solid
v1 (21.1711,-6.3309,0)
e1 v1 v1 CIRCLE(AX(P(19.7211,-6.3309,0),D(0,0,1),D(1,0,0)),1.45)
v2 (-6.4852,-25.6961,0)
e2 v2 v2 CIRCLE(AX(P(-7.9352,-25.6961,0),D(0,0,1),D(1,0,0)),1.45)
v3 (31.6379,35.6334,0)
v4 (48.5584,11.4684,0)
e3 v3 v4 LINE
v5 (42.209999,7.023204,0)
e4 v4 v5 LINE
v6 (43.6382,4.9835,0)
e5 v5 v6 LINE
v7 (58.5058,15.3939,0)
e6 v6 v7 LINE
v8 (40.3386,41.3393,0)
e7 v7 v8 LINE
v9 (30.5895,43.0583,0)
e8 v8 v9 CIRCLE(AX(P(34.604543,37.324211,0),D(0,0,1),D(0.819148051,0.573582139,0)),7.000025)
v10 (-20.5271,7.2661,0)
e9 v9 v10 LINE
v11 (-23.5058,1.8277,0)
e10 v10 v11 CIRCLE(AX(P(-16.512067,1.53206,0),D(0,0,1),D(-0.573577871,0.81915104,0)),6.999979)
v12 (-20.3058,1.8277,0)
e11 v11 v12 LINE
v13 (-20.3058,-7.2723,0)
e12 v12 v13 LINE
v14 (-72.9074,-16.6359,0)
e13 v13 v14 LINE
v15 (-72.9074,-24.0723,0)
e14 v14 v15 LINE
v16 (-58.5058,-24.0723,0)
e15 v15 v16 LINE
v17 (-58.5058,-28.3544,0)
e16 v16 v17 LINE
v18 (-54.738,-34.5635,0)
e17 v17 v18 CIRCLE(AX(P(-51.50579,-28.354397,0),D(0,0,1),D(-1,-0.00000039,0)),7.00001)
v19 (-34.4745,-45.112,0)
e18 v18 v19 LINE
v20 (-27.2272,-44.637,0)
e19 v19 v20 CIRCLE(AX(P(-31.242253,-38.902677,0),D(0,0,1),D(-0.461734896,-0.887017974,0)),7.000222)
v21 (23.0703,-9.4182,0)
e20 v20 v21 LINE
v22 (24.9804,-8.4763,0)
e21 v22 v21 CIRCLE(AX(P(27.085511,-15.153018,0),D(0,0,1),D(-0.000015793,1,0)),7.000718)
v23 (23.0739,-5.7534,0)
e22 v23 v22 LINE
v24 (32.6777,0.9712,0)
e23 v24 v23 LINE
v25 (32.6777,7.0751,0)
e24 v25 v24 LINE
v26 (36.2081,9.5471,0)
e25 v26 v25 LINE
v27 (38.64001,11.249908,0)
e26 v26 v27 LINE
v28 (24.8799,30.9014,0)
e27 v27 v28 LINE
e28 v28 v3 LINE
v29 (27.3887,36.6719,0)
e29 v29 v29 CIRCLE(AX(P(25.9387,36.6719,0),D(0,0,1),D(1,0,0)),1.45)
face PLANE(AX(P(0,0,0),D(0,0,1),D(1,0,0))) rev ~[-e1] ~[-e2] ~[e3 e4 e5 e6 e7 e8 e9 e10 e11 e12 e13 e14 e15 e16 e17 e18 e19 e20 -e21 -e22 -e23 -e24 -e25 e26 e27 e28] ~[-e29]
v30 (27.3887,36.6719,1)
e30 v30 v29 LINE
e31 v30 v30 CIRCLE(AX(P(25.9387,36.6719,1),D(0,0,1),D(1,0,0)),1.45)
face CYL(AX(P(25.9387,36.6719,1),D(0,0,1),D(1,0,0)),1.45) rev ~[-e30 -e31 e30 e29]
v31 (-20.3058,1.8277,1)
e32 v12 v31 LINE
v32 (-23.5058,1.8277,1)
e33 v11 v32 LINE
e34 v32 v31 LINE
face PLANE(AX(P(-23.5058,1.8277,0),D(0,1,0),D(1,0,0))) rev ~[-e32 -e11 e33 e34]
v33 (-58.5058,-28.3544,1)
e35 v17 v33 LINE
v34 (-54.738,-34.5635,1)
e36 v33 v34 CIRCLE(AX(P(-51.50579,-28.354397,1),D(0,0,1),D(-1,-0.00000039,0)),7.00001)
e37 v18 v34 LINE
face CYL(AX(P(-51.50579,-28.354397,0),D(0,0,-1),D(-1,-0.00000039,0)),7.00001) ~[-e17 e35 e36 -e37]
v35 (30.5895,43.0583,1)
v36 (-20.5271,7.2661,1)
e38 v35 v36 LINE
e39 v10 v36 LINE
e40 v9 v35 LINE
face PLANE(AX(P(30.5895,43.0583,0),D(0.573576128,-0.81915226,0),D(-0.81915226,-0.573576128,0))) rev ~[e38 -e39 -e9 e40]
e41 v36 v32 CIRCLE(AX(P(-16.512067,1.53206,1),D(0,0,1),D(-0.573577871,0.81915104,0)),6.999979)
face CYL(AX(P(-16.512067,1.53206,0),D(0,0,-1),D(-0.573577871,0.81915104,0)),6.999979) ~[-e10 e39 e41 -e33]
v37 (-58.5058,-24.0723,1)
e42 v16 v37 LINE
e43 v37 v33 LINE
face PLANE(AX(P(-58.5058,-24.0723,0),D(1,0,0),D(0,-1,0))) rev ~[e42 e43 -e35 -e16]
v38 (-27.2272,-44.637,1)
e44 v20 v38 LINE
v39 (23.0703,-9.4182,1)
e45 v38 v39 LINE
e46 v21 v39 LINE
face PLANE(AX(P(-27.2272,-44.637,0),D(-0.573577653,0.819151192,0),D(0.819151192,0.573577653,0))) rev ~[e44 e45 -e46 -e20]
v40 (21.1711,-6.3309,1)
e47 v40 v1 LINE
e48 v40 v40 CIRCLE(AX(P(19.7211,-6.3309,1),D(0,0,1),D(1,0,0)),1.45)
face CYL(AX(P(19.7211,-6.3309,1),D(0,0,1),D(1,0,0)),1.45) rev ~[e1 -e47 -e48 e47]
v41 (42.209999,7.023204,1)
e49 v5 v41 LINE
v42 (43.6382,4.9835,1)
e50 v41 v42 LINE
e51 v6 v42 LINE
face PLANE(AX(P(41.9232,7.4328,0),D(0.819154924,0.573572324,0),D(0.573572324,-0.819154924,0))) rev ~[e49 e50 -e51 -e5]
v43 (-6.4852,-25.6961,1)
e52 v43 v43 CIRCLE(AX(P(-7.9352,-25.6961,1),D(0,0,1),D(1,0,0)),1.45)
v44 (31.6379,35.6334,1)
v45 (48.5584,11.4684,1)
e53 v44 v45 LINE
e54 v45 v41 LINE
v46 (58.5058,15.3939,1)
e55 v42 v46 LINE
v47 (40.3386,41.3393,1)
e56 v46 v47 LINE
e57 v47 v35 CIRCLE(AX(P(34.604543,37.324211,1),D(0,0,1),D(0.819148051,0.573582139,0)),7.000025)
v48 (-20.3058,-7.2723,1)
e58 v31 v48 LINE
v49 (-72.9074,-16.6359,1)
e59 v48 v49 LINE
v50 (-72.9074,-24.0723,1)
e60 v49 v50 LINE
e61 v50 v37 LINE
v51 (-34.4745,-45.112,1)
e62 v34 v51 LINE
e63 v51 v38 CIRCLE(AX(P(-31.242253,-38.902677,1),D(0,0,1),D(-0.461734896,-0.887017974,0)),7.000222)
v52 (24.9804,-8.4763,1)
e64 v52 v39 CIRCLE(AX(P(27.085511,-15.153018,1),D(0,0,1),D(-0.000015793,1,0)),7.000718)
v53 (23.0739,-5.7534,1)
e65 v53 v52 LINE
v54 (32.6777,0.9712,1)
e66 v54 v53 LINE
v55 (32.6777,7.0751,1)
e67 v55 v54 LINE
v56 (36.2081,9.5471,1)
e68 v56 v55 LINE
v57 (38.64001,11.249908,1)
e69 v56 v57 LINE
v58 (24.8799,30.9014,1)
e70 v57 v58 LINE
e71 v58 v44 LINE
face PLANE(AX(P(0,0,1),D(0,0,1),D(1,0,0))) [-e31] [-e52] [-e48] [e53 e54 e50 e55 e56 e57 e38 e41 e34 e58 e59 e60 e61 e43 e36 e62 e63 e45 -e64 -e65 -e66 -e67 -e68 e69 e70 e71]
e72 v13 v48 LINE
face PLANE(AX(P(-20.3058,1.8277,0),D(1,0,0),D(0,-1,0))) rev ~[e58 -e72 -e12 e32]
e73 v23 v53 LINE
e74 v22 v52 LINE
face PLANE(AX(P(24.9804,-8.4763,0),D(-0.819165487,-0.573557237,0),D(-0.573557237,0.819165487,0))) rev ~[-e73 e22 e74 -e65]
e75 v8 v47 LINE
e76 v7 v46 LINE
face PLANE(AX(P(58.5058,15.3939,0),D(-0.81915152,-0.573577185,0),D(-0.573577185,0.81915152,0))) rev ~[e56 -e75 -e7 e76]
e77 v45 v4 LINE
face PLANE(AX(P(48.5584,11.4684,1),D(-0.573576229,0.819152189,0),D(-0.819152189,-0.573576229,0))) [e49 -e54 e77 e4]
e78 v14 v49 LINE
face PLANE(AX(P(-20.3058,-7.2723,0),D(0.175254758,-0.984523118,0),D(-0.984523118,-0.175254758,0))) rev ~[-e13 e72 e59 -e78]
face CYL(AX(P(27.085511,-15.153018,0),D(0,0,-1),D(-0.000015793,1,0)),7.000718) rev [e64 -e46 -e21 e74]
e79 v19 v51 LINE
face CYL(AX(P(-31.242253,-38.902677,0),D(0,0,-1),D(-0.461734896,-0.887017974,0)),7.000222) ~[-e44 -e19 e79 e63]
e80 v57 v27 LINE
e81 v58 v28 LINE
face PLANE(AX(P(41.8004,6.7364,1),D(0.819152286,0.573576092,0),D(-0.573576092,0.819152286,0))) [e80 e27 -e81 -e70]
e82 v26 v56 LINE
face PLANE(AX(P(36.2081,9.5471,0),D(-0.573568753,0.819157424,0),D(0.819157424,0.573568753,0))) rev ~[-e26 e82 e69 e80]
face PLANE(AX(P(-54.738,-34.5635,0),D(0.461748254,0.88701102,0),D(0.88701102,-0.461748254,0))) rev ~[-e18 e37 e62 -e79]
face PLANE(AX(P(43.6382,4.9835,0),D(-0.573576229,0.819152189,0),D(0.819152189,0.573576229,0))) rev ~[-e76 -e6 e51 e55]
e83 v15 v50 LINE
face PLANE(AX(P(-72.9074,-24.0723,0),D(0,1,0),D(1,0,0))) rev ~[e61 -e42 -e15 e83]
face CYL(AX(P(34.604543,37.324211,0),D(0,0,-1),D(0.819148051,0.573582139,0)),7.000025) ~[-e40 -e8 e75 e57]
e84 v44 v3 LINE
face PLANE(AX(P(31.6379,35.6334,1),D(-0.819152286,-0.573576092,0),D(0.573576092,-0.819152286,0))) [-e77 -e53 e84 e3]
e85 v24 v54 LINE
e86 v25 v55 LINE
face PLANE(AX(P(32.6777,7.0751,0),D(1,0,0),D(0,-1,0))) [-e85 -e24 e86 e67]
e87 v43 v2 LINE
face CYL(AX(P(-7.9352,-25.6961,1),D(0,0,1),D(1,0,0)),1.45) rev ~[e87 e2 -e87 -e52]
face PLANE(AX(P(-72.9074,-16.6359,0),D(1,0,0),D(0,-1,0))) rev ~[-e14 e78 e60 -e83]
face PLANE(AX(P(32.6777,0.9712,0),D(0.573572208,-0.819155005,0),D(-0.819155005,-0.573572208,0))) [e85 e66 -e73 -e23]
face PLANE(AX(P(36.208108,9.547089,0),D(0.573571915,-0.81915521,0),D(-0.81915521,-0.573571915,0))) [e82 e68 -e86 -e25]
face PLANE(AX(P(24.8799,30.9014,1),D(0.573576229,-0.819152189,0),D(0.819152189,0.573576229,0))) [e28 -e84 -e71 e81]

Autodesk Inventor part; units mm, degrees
ref_plane "YZ Plane" through (0, 0, 0) normal (1, 0, 0) x (0, 1, 0)
ref_plane "XZ Plane" through (0, 0, 0) normal (0, 1, 0) x (-1, 0, 0)
ref_plane "XY Plane" through (0, 0, 0) normal (0, 0, 1) x (1, 0, 0)
ref_plane "Work Plane1" through (0, 0, 0) normal (0, 0, 1) x (1, 0, 0)
sketch "Sketch1" plane through (0, 0, 0) normal (0, 0, 1) x (1, 0, 0)
  arc A0 (-7.9352, -23.1681) -> (-8.7998, -28.0716) centre (-7.9352, -25.6961) ccw projected
  line L0 (-8.7998, -28.0716) -> (-27.4567, -41.1353) projected
  arc A1 (-34.704, -41.6104) -> (-27.4567, -41.1353) centre (-31.4718, -35.4013) ccw projected
  line L1 (-34.704, -41.6104) -> (-51.738, -32.743) projected
  arc A2 (-55.5058, -26.5339) -> (-51.738, -32.743) centre (-48.5058, -26.5339) ccw projected
  line L2 (-55.5058, -26.5339) -> (-55.5058, -22.4494) projected
  arc A3 (-49.7326, -15.5577) -> (-55.5058, -22.4494) centre (-48.5058, -22.4494) ccw projected
  line L3 (-49.7326, -15.5577) -> (-17.3058, -9.7854) projected
  line L4 (-17.3058, -9.7854) -> (-7.9352, -23.1681) projected
  line L5 (24.8783, -8.1523) -> (23.0703, -5.7559) projected
  line L6 (23.0703, -5.7559) -> (22.5789, -6.1) projected
  arc A4 (22.5789, -6.1) -> (17.1147, -5.1366) centre (19.7211, -6.3309) ccw projected
  line L7 (17.1147, -5.1366) -> (18.5334, -7.1626) projected
  circle A5 centre (19.7211, -6.3309) radius 1.45 projected
  line L8 (18.5334, -7.1626) -> (19.2274, -8.1539) projected
  line L9 (19.2274, -8.1539) -> (-1.2514, -22.4933) projected
  line L10 (-1.2514, -22.4933) -> (-17.3116, 0.4431) projected
  line L11 (3.5665, 15.0622) -> (-17.3116, 0.4431) projected
  arc A6 (6.3584, 22.4292) -> (3.5665, 15.0622) centre (10.3734, 16.6951) ccw projected
  line L12 (6.3584, 22.4292) -> (14.6012, 28.2009) projected
  arc A7 (24.3503, 26.4818) -> (14.6012, 28.2009) centre (18.6163, 22.4668) ccw projected
  line L13 (24.3503, 26.4818) -> (36.2081, 9.5471) projected
  line L14 (36.2081, 9.5471) -> (39.0496, 11.5367) projected
  line L15 (39.0496, 11.5367) -> (25.5762, 30.7786) projected
  line L16 (25.5762, 30.7786) -> (31.5151, 34.937) projected
  line L17 (31.5151, 34.937) -> (47.862, 11.5912) projected
  line L18 (47.862, 11.5912) -> (41.9232, 7.4328) projected
  line L19 (41.9232, 7.4328) -> (43.6382, 4.9835) projected
  line L20 (43.6382, 4.9835) -> (58.5058, 15.3939) projected
  line L21 (58.5058, 15.3939) -> (40.3386, 41.3393) projected
  arc A8 (40.3386, 41.3393) -> (30.5895, 43.0583) centre (34.6046, 37.3243) ccw projected
  line L22 (30.5895, 43.0583) -> (-20.5271, 7.2661) projected
  arc A9 (-20.5271, 7.2661) -> (-23.5058, 1.8277) centre (-16.512, 1.532) ccw projected
  line L23 (-23.5058, 1.8277) -> (-20.3058, 1.8277) projected
  line L24 (-20.3058, 1.8277) -> (-20.3058, -7.2723) projected
  line L25 (-20.3058, -7.2723) -> (-72.9074, -16.6359) projected
  line L26 (-72.9074, -16.6359) -> (-72.9074, -24.0723) projected
  line L27 (-72.9074, -24.0723) -> (-58.5058, -24.0723) projected
  line L28 (-58.5058, -24.0723) -> (-58.5058, -28.3544) projected
  arc A10 (-58.5058, -28.3544) -> (-54.738, -34.5635) centre (-51.5058, -28.3544) ccw projected
  line L29 (-54.738, -34.5635) -> (-34.4745, -45.112) projected
  arc A11 (-34.4745, -45.112) -> (-27.2272, -44.637) centre (-31.2423, -38.9029) ccw projected
  line L30 (-27.2272, -44.637) -> (23.0703, -9.4182) projected
  arc A12 (27.0854, -8.1523) -> (23.0703, -9.4182) centre (27.0854, -15.1523) ccw projected
  line L31 (24.8783, -8.1523) -> (27.0854, -8.1523) projected
  circle A13 centre (-7.9352, -25.6961) radius 1.45 projected
  circle A14 centre (25.9387, 36.6719) radius 1.45 projected
  line L32 (24.8783, -8.1523) -> (35.6777, -8.1523) projected
  line L33 (35.6777, -8.1523) -> (35.6777, 3.8477) construction
  line L34 (35.6777, 3.8477) -> (95.6777, 3.8477) construction
  line L35 (95.6777, 3.8477) -> (95.6777, 15.3939) projected
  line L36 (95.6777, 15.3939) -> (58.5058, 15.3939) projected
  line L37 (58.5058, 15.3939) -> (43.6382, 4.9835) projected
  line L38 (43.6382, 4.9835) -> (39.0496, 11.5367) projected
  line L39 (39.0496, 11.5367) -> (32.6777, 7.0751) projected
  line L40 (32.6777, 7.0751) -> (32.6777, 0.9712) projected
  line L41 (32.6777, 0.9712) -> (23.0703, -5.7559) projected
  line L42 (23.0703, -5.7559) -> (24.8783, -8.1523) projected
  line L43 (24.9804, -8.4763) -> (23.0739, -5.7534)
  line L44 (23.0739, -5.7534) -> (32.6777, 0.9712)
  line L45 (32.6777, 0.9712) -> (32.6777, 7.0751)
  line L46 (32.6777, 7.0751) -> (39.0496, 11.5367)
  line L47 (39.0496, 11.5367) -> (43.6382, 4.9835)
  line L48 (43.6382, 4.9835) -> (58.5058, 15.3939)
extrude "Extrusion1" add sketch "Sketch1" along normal blind 1 contours A0 L0 A1 L1 A2 L2 A3 L3 L4 | A5 | L43 A12 L30 A11 L29 A10 L28 L27 L26 L25 L24 L23 A9 L22 A8 L21 L20 L19 L18 L17 L16 L15 L14 L13 A7 L12 A6 L11 L10 L9 L8 L7 A4 L6 L5 | L5 L41 L43 | L6 A4 L7 L8 L9 L10 L11 A6 L12 A7 L13 L39 L40 L41 | L15 L16 L17 L18 L38 | A13 | A14
sketch "Sketch2" plane through (0, 0, 1) normal (0, 0, 1) x (1, 0, 0)
  arc A0 (24.9804, -8.4763) -> (23.0703, -9.4182) centre (27.0854, -15.1523) ccw projected
  line L0 (24.9804, -8.4763) -> (23.0739, -5.7534) projected
  line L1 (23.0739, -5.7534) -> (32.6777, 0.9712) projected
  line L2 (32.6777, 0.9712) -> (32.6777, 7.0751) projected
  line L3 (32.6777, 7.0751) -> (39.0496, 11.5367) projected
  line L4 (39.0496, 11.5367) -> (43.6382, 4.9835) projected
  line L5 (43.6382, 4.9835) -> (58.5058, 15.3939) projected
  line L6 (58.5058, 15.3939) -> (40.3386, 41.3393) projected
  arc A1 (40.3386, 41.3393) -> (30.5895, 43.0583) centre (34.6046, 37.3243) ccw projected
  line L7 (30.5895, 43.0583) -> (-20.5271, 7.2661) projected
  arc A2 (-20.5271, 7.2661) -> (-23.5058, 1.8277) centre (-16.512, 1.532) ccw projected
  line L8 (-23.5058, 1.8277) -> (-20.3058, 1.8277) projected
  line L9 (-20.3058, 1.8277) -> (-20.3058, -7.2723) projected
  line L10 (-20.3058, -7.2723) -> (-72.9074, -16.6359) projected
  line L11 (-72.9074, -16.6359) -> (-72.9074, -24.0723) projected
  line L12 (-72.9074, -24.0723) -> (-58.5058, -24.0723) projected
  line L13 (-58.5058, -24.0723) -> (-58.5058, -28.3544) projected
  arc A3 (-58.5058, -28.3544) -> (-54.738, -34.5635) centre (-51.5058, -28.3544) ccw projected
  line L14 (-54.738, -34.5635) -> (-34.4745, -45.112) projected
  arc A4 (-34.4745, -45.112) -> (-27.2272, -44.637) centre (-31.2423, -38.9029) ccw projected
  line L15 (-27.2272, -44.637) -> (23.0703, -9.4182) projected
  circle A5 centre (25.9387, 36.6719) radius 1.45 projected
  circle A6 centre (-7.9352, -25.6961) radius 1.45 projected
  circle A7 centre (19.7211, -6.3309) radius 1.45 projected
  point P0 (0, 0)
extrude "Extrusion2" cut sketch "Sketch2" against normal blind 1 contours A5 | A6 | A7
sketch "Sketch3" plane through (0, 0, 1) normal (0, 0, 1) x (1, 0, 0)
  line L0 (47.862, 11.5912) -> (31.5151, 34.937) projected
  line L1 (31.5151, 34.937) -> (25.5762, 30.7786) projected
  line L2 (41.9232, 7.4328) -> (25.5762, 30.7786) projected
  line L3 (47.862, 11.5912) -> (41.9232, 7.4328) projected
  line L4 (31.6379, 35.6334) -> (48.5584, 11.4684)
  line L5 (48.5584, 11.4684) -> (41.8004, 6.7364)
  line L6 (41.8004, 6.7364) -> (24.8799, 30.9014)
  line L7 (24.8799, 30.9014) -> (31.6379, 35.6334)
  point P0 (0, 0)
  dimension "d4" = 0.5
extrude "Extrusion3" cut sketch "Sketch3" against normal through all contours L3 L2 L1 L0 | L4 L5 L6 L7
properties part number "cellSTORM_inverted_opticsmodule_lid"
